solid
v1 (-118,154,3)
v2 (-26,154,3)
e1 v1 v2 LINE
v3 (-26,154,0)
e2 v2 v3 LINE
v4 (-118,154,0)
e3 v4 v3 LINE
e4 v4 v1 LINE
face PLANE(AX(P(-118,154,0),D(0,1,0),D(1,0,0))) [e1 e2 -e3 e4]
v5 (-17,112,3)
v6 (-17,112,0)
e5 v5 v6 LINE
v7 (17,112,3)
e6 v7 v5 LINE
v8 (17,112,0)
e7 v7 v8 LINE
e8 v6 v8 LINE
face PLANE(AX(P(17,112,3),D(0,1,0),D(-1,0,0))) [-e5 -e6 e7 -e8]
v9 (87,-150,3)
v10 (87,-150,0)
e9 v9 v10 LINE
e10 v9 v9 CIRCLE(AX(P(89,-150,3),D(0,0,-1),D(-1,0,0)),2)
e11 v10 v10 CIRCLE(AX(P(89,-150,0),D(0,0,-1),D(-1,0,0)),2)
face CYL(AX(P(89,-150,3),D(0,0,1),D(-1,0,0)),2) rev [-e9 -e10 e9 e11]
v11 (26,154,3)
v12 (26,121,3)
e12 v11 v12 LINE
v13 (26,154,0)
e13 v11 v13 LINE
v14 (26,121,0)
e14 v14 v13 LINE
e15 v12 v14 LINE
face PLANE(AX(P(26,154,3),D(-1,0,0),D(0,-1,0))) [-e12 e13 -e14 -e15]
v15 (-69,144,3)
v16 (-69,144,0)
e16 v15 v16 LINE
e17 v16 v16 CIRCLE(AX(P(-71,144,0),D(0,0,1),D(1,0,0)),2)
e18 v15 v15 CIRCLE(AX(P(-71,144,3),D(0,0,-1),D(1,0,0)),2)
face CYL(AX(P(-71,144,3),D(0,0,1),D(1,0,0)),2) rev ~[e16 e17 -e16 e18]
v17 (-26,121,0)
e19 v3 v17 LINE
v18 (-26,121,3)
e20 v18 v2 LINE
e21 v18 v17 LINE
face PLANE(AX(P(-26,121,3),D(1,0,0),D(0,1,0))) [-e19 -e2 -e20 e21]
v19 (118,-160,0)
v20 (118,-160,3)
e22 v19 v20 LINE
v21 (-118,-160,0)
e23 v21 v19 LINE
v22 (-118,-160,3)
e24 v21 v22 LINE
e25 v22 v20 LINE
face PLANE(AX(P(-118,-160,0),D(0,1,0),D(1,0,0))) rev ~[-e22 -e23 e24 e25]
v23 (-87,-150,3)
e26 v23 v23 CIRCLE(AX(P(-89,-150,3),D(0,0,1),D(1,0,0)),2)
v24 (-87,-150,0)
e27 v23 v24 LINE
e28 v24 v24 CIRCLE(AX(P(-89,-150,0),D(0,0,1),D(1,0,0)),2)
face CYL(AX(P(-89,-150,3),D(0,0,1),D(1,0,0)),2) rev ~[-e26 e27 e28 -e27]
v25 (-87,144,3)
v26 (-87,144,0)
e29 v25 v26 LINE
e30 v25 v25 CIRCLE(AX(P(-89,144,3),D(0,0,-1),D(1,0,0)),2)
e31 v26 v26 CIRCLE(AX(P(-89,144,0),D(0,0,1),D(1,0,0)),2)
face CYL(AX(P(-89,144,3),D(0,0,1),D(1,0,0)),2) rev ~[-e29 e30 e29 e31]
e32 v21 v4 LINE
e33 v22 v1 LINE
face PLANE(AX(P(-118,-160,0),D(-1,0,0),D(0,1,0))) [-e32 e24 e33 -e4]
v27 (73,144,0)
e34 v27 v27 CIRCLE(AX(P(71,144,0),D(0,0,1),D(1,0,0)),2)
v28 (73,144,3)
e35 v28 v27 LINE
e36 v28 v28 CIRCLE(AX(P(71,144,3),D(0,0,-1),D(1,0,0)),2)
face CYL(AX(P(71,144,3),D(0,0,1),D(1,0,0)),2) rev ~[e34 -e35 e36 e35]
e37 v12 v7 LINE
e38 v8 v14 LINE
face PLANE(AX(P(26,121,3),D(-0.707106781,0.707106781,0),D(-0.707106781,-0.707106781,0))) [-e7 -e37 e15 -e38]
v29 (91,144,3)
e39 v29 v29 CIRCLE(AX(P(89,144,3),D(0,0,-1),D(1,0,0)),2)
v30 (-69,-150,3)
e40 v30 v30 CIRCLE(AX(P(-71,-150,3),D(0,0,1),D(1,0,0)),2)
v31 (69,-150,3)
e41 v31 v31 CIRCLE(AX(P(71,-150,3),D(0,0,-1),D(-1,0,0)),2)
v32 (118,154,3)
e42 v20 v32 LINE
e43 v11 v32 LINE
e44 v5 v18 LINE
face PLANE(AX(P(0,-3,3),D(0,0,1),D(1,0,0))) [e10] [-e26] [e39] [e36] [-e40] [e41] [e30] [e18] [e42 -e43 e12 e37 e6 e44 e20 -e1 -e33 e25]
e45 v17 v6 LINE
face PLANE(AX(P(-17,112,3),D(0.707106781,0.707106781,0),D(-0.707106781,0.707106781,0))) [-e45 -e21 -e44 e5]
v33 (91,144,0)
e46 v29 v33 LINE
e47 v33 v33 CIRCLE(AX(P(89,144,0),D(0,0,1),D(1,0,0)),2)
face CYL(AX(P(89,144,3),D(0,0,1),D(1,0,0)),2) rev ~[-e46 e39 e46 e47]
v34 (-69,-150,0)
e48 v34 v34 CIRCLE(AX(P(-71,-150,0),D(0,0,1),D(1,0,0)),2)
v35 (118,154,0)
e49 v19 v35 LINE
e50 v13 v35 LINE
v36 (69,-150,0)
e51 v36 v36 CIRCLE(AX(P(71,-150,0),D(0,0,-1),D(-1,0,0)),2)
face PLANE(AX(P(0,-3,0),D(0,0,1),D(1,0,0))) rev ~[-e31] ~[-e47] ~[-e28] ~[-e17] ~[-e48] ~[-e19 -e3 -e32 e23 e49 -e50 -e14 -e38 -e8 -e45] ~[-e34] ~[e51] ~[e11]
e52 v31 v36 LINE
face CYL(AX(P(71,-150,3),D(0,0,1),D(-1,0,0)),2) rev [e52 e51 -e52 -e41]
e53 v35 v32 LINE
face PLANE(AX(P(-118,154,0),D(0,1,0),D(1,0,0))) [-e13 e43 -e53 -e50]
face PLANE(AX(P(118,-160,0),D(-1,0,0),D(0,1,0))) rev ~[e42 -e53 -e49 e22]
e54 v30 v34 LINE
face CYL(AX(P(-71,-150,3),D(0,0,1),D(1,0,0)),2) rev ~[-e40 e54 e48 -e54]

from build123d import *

# Parameters (mm, degrees)
ESQUISSE1_W             = 236
ESQUISSE1_H             = 314
BOSS_EXTRU_1_DEPTH      = 3
ENL_V_MAT_EXTRU_1_REACH = 200.829
ESQUISSE3_R             = 2
ENL_V_MAT_EXTRU_2_REACH = 200.829


with BuildPart() as part:
    # Esquisse1 → Boss.-Extru.1 (new body)
    with BuildSketch(Plane.XY):
        with Locations((0, -3)):
            Rectangle(ESQUISSE1_W, ESQUISSE1_H)
    extrude(amount=BOSS_EXTRU_1_DEPTH)

    # Esquisse3 → Enlèv. mat.-Extru.1 (cut, up to next)
    with BuildSketch(Plane.XY.offset(3), mode=Mode.PRIVATE) as enl_v_mat_extru_1_sk1:
        with Locations((-71, -150)):
            Circle(ESQUISSE3_R)
    enl_v_mat_extru_1_tool1 = extrude(enl_v_mat_extru_1_sk1.sketch, amount=-ENL_V_MAT_EXTRU_1_REACH, mode=Mode.PRIVATE) & part.part
    # Esquisse3 → Enlèv. mat.-Extru.1 (cut, up to next)
    with BuildSketch(Plane.XY.offset(3), mode=Mode.PRIVATE) as enl_v_mat_extru_1_sk2:
        with Locations((-89, -150)):
            Circle(ESQUISSE3_R)
    enl_v_mat_extru_1_tool2 = extrude(enl_v_mat_extru_1_sk2.sketch, amount=-ENL_V_MAT_EXTRU_1_REACH, mode=Mode.PRIVATE) & part.part
    # Esquisse3 → Enlèv. mat.-Extru.1 (cut, up to next)
    with BuildSketch(Plane.XY.offset(3), mode=Mode.PRIVATE) as enl_v_mat_extru_1_sk3:
        with Locations((-89, 144)):
            Circle(ESQUISSE3_R)
    enl_v_mat_extru_1_tool3 = extrude(enl_v_mat_extru_1_sk3.sketch, amount=-ENL_V_MAT_EXTRU_1_REACH, mode=Mode.PRIVATE) & part.part
    # Esquisse3 → Enlèv. mat.-Extru.1 (cut, up to next)
    with BuildSketch(Plane.XY.offset(3), mode=Mode.PRIVATE) as enl_v_mat_extru_1_sk4:
        with Locations((-71, 144)):
            Circle(ESQUISSE3_R)
    enl_v_mat_extru_1_tool4 = extrude(enl_v_mat_extru_1_sk4.sketch, amount=-ENL_V_MAT_EXTRU_1_REACH, mode=Mode.PRIVATE) & part.part
    # Esquisse3 → Enlèv. mat.-Extru.1 (cut, up to next)
    with BuildSketch(Plane.XY.offset(3), mode=Mode.PRIVATE) as enl_v_mat_extru_1_sk5:
        with Locations((71, 144)):
            Circle(ESQUISSE3_R)
    enl_v_mat_extru_1_tool5 = extrude(enl_v_mat_extru_1_sk5.sketch, amount=-ENL_V_MAT_EXTRU_1_REACH, mode=Mode.PRIVATE) & part.part
    # Esquisse3 → Enlèv. mat.-Extru.1 (cut, up to next)
    with BuildSketch(Plane.XY.offset(3), mode=Mode.PRIVATE) as enl_v_mat_extru_1_sk6:
        with Locations((89, 144)):
            Circle(ESQUISSE3_R)
    enl_v_mat_extru_1_tool6 = extrude(enl_v_mat_extru_1_sk6.sketch, amount=-ENL_V_MAT_EXTRU_1_REACH, mode=Mode.PRIVATE) & part.part
    enl_v_mat_extru_1_1 = enl_v_mat_extru_1_tool1.solids().sort_by_distance((-71, -150, 3))[0]
    add(enl_v_mat_extru_1_1, mode=Mode.SUBTRACT)
    enl_v_mat_extru_1_2 = enl_v_mat_extru_1_tool2.solids().sort_by_distance((-89, -150, 3))[0]
    add(enl_v_mat_extru_1_2, mode=Mode.SUBTRACT)
    enl_v_mat_extru_1_3 = enl_v_mat_extru_1_tool3.solids().sort_by_distance((-89, 144, 3))[0]
    add(enl_v_mat_extru_1_3, mode=Mode.SUBTRACT)
    enl_v_mat_extru_1_4 = enl_v_mat_extru_1_tool4.solids().sort_by_distance((-71, 144, 3))[0]
    add(enl_v_mat_extru_1_4, mode=Mode.SUBTRACT)
    enl_v_mat_extru_1_5 = enl_v_mat_extru_1_tool5.solids().sort_by_distance((71, 144, 3))[0]
    add(enl_v_mat_extru_1_5, mode=Mode.SUBTRACT)
    enl_v_mat_extru_1_6 = enl_v_mat_extru_1_tool6.solids().sort_by_distance((89, 144, 3))[0]
    add(enl_v_mat_extru_1_6, mode=Mode.SUBTRACT)
    enl_v_mat_extru_1 = enl_v_mat_extru_1_1 + enl_v_mat_extru_1_2 + enl_v_mat_extru_1_3 + enl_v_mat_extru_1_4 + enl_v_mat_extru_1_5 + enl_v_mat_extru_1_6  # Enlèv. mat.-Extru.1 as one shape, for the pattern or mirror that repeats it

    # Symétrie1: Enlèv. mat.-Extru.1 across plane
    add(enl_v_mat_extru_1.mirror(Plane(origin=(0, 0, 0), x_dir=(0, 0, 1), z_dir=(1, 0, 0))), mode=Mode.SUBTRACT)

    # Esquisse5 → Enlèv. mat.-Extru.2 (cut, up to next)
    with BuildSketch(Plane.XY.offset(3), mode=Mode.PRIVATE) as enl_v_mat_extru_2_sk1:
        Polygon((0, 154), (26, 154), (26, 121), (17, 112), (-17, 112), (-26, 121), (-26, 154), align=None)
    enl_v_mat_extru_2_tool1 = extrude(enl_v_mat_extru_2_sk1.sketch, amount=-ENL_V_MAT_EXTRU_2_REACH, mode=Mode.PRIVATE) & part.part
    add(enl_v_mat_extru_2_tool1.solids().sort_by_distance((0, 133.693295, 3))[0], mode=Mode.SUBTRACT)


solid = part.part
